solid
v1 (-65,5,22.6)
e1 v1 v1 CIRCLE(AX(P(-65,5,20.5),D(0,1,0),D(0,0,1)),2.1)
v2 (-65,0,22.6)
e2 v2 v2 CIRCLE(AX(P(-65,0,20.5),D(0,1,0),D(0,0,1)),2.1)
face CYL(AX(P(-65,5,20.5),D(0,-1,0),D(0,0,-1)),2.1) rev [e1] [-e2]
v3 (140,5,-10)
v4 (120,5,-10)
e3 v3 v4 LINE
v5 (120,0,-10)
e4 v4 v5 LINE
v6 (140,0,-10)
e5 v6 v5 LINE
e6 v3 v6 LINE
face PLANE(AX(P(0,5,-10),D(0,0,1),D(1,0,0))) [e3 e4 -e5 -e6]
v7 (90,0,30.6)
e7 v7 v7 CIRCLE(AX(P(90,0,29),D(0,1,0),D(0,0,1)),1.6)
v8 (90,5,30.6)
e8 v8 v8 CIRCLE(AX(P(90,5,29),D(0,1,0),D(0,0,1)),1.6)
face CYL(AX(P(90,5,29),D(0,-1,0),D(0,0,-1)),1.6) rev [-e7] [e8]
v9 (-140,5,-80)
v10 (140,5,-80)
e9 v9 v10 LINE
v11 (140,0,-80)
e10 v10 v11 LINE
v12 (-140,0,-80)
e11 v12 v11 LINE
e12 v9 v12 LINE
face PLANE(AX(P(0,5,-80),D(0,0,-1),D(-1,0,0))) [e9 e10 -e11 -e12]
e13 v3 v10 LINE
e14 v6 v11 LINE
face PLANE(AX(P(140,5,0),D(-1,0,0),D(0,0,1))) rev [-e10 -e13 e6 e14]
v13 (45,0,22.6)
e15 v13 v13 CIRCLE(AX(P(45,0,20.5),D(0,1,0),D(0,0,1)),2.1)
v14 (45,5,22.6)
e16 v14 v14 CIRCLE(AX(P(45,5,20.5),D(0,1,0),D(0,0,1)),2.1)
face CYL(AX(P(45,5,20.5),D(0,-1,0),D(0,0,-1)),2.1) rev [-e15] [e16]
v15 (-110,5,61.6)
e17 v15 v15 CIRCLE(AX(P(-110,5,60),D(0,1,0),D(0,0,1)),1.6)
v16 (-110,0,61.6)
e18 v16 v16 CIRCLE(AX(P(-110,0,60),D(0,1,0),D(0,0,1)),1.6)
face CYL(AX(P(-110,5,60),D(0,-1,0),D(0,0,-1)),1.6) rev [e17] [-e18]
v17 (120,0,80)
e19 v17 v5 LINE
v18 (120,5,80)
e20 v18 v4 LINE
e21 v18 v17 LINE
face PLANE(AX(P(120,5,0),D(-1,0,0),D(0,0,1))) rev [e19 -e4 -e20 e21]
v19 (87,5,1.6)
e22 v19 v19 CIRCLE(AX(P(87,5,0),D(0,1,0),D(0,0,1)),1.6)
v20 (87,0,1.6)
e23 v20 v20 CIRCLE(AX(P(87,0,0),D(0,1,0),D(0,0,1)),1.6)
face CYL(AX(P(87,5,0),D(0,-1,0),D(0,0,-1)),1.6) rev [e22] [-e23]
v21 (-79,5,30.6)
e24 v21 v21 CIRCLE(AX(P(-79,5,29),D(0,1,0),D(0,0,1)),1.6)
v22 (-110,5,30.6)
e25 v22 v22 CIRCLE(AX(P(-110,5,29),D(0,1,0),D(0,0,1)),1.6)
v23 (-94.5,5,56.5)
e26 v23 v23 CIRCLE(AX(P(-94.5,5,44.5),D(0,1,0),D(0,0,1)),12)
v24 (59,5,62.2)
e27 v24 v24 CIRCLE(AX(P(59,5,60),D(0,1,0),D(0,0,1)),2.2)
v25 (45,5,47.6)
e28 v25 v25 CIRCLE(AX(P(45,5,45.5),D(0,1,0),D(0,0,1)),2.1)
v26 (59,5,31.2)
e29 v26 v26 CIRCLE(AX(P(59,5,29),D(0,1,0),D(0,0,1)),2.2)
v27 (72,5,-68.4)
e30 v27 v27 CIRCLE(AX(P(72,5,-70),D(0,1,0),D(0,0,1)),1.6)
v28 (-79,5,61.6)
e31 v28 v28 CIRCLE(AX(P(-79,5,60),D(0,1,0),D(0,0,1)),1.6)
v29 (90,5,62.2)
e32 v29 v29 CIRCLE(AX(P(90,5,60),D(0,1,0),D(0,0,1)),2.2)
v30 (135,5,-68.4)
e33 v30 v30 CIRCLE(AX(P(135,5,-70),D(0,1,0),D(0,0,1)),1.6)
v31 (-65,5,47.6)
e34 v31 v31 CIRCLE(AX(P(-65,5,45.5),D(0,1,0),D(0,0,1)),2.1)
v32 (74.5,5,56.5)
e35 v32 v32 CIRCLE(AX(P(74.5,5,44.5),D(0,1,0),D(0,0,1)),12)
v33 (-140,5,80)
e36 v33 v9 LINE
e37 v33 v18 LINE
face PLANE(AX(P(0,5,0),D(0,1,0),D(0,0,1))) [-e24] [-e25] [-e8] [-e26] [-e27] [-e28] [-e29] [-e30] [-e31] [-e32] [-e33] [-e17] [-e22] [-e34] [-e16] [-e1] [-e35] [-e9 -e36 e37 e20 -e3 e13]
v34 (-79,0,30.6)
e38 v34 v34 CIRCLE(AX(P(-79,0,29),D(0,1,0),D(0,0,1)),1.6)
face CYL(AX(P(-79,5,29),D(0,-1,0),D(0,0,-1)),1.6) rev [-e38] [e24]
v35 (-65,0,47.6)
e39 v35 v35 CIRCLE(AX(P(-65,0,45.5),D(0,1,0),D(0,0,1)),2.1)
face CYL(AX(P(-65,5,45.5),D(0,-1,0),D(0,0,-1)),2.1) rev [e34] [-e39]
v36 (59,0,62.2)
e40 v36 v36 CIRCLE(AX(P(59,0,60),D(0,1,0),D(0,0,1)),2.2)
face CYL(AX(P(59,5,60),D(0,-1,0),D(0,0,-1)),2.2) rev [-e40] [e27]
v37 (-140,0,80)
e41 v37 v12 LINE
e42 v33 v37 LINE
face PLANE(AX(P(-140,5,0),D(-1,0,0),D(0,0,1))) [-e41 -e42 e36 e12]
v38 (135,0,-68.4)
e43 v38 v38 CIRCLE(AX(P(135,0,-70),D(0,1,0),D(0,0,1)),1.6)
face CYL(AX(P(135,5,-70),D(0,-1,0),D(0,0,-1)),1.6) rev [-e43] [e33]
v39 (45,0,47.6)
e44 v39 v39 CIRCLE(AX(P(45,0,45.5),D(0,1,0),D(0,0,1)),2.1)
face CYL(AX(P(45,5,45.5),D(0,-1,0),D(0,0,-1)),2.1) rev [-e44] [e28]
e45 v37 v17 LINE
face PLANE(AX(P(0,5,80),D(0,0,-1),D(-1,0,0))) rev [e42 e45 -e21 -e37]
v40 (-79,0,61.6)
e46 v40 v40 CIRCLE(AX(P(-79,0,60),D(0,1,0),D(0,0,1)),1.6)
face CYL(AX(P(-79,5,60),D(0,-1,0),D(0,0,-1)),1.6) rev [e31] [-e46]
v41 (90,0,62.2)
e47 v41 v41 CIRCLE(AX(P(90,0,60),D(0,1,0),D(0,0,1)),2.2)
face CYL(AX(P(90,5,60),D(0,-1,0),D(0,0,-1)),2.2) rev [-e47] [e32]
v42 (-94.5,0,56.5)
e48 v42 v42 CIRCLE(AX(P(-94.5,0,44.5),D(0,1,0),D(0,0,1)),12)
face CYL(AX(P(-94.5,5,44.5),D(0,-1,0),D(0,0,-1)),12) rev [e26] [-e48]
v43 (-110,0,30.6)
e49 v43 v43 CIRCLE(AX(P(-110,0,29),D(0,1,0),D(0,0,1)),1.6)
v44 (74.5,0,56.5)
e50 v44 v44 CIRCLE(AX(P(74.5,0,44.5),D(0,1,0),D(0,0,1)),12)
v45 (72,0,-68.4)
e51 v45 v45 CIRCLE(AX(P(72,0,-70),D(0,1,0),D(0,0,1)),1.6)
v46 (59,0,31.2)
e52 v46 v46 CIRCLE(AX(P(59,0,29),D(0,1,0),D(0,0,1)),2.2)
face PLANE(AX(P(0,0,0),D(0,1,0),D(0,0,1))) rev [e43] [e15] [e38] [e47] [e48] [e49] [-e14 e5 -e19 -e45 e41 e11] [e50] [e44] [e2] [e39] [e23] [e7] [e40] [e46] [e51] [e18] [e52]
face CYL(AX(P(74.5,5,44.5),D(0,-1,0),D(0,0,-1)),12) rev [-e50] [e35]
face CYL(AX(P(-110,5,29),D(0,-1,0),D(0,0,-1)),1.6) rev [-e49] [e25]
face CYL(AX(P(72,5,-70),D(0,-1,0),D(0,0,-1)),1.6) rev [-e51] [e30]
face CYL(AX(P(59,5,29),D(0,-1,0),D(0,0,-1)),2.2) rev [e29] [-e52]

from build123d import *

# Parameters (mm, degrees)
SKETCH_1_R      = 1.6
SKETCH_1_R_2    = 12
SKETCH_1_R_3    = 2.1
SKETCH_1_R_4    = 2.2
EXTRUDE_1_DEPTH = 5


with BuildPart() as part:
    # 草图1 → 凸台-拉伸1 (new body)
    with BuildSketch(Plane(origin=(0, 0, 0), x_dir=(1, 0, 0), z_dir=(0, 1, 0))):
        Polygon((-140, 80), (-140, -80), (120, -80), (120, 10), (140, 10), (140, 80), align=None)
        with Locations(Location((-110, -60, 0), (0, 0, 270))):
            Circle(SKETCH_1_R, mode=Mode.SUBTRACT)
        with Locations(Location((-79, -60, 0), (0, 0, 270))):
            Circle(SKETCH_1_R, mode=Mode.SUBTRACT)
        with Locations(Location((-94.5, -44.5, 0), (0, 0, 270))):
            Circle(SKETCH_1_R_2, mode=Mode.SUBTRACT)
        with Locations(Location((-65, -45.5, 0), (0, 0, 270))):
            Circle(SKETCH_1_R_3, mode=Mode.SUBTRACT)
        with Locations(Location((-110, -29, 0), (0, 0, 270))):
            Circle(SKETCH_1_R, mode=Mode.SUBTRACT)
        with Locations(Location((-79, -29, 0), (0, 0, 270))):
            Circle(SKETCH_1_R, mode=Mode.SUBTRACT)
        with Locations(Location((-65, -20.5, 0), (0, 0, 270))):
            Circle(SKETCH_1_R_3, mode=Mode.SUBTRACT)
        with Locations(Location((59, -60, 0), (0, 0, 270))):
            Circle(SKETCH_1_R_4, mode=Mode.SUBTRACT)
        with Locations(Location((45, -45.5, 0), (0, 0, 270))):
            Circle(SKETCH_1_R_3, mode=Mode.SUBTRACT)
        with Locations(Location((90, -60, 0), (0, 0, 270))):
            Circle(SKETCH_1_R_4, mode=Mode.SUBTRACT)
        with Locations(Location((74.5, -44.5, 0), (0, 0, 270))):
            Circle(SKETCH_1_R_2, mode=Mode.SUBTRACT)
        with Locations(Location((45, -20.5, 0), (0, 0, 270))):
            Circle(SKETCH_1_R_3, mode=Mode.SUBTRACT)
        with Locations(Location((59, -29, 0), (0, 0, 270))):
            Circle(SKETCH_1_R_4, mode=Mode.SUBTRACT)
        with Locations(Location((90, -29, 0), (0, 0, 270))):
            Circle(SKETCH_1_R, mode=Mode.SUBTRACT)
        with Locations(Location((87, 0, 0), (0, 0, 270))):
            Circle(SKETCH_1_R, mode=Mode.SUBTRACT)
        with Locations(Location((72, 70, 0), (0, 0, 270))):
            Circle(SKETCH_1_R, mode=Mode.SUBTRACT)
        with Locations(Location((135, 70, 0), (0, 0, 270))):
            Circle(SKETCH_1_R, mode=Mode.SUBTRACT)
    extrude(amount=EXTRUDE_1_DEPTH)


solid = part.part
